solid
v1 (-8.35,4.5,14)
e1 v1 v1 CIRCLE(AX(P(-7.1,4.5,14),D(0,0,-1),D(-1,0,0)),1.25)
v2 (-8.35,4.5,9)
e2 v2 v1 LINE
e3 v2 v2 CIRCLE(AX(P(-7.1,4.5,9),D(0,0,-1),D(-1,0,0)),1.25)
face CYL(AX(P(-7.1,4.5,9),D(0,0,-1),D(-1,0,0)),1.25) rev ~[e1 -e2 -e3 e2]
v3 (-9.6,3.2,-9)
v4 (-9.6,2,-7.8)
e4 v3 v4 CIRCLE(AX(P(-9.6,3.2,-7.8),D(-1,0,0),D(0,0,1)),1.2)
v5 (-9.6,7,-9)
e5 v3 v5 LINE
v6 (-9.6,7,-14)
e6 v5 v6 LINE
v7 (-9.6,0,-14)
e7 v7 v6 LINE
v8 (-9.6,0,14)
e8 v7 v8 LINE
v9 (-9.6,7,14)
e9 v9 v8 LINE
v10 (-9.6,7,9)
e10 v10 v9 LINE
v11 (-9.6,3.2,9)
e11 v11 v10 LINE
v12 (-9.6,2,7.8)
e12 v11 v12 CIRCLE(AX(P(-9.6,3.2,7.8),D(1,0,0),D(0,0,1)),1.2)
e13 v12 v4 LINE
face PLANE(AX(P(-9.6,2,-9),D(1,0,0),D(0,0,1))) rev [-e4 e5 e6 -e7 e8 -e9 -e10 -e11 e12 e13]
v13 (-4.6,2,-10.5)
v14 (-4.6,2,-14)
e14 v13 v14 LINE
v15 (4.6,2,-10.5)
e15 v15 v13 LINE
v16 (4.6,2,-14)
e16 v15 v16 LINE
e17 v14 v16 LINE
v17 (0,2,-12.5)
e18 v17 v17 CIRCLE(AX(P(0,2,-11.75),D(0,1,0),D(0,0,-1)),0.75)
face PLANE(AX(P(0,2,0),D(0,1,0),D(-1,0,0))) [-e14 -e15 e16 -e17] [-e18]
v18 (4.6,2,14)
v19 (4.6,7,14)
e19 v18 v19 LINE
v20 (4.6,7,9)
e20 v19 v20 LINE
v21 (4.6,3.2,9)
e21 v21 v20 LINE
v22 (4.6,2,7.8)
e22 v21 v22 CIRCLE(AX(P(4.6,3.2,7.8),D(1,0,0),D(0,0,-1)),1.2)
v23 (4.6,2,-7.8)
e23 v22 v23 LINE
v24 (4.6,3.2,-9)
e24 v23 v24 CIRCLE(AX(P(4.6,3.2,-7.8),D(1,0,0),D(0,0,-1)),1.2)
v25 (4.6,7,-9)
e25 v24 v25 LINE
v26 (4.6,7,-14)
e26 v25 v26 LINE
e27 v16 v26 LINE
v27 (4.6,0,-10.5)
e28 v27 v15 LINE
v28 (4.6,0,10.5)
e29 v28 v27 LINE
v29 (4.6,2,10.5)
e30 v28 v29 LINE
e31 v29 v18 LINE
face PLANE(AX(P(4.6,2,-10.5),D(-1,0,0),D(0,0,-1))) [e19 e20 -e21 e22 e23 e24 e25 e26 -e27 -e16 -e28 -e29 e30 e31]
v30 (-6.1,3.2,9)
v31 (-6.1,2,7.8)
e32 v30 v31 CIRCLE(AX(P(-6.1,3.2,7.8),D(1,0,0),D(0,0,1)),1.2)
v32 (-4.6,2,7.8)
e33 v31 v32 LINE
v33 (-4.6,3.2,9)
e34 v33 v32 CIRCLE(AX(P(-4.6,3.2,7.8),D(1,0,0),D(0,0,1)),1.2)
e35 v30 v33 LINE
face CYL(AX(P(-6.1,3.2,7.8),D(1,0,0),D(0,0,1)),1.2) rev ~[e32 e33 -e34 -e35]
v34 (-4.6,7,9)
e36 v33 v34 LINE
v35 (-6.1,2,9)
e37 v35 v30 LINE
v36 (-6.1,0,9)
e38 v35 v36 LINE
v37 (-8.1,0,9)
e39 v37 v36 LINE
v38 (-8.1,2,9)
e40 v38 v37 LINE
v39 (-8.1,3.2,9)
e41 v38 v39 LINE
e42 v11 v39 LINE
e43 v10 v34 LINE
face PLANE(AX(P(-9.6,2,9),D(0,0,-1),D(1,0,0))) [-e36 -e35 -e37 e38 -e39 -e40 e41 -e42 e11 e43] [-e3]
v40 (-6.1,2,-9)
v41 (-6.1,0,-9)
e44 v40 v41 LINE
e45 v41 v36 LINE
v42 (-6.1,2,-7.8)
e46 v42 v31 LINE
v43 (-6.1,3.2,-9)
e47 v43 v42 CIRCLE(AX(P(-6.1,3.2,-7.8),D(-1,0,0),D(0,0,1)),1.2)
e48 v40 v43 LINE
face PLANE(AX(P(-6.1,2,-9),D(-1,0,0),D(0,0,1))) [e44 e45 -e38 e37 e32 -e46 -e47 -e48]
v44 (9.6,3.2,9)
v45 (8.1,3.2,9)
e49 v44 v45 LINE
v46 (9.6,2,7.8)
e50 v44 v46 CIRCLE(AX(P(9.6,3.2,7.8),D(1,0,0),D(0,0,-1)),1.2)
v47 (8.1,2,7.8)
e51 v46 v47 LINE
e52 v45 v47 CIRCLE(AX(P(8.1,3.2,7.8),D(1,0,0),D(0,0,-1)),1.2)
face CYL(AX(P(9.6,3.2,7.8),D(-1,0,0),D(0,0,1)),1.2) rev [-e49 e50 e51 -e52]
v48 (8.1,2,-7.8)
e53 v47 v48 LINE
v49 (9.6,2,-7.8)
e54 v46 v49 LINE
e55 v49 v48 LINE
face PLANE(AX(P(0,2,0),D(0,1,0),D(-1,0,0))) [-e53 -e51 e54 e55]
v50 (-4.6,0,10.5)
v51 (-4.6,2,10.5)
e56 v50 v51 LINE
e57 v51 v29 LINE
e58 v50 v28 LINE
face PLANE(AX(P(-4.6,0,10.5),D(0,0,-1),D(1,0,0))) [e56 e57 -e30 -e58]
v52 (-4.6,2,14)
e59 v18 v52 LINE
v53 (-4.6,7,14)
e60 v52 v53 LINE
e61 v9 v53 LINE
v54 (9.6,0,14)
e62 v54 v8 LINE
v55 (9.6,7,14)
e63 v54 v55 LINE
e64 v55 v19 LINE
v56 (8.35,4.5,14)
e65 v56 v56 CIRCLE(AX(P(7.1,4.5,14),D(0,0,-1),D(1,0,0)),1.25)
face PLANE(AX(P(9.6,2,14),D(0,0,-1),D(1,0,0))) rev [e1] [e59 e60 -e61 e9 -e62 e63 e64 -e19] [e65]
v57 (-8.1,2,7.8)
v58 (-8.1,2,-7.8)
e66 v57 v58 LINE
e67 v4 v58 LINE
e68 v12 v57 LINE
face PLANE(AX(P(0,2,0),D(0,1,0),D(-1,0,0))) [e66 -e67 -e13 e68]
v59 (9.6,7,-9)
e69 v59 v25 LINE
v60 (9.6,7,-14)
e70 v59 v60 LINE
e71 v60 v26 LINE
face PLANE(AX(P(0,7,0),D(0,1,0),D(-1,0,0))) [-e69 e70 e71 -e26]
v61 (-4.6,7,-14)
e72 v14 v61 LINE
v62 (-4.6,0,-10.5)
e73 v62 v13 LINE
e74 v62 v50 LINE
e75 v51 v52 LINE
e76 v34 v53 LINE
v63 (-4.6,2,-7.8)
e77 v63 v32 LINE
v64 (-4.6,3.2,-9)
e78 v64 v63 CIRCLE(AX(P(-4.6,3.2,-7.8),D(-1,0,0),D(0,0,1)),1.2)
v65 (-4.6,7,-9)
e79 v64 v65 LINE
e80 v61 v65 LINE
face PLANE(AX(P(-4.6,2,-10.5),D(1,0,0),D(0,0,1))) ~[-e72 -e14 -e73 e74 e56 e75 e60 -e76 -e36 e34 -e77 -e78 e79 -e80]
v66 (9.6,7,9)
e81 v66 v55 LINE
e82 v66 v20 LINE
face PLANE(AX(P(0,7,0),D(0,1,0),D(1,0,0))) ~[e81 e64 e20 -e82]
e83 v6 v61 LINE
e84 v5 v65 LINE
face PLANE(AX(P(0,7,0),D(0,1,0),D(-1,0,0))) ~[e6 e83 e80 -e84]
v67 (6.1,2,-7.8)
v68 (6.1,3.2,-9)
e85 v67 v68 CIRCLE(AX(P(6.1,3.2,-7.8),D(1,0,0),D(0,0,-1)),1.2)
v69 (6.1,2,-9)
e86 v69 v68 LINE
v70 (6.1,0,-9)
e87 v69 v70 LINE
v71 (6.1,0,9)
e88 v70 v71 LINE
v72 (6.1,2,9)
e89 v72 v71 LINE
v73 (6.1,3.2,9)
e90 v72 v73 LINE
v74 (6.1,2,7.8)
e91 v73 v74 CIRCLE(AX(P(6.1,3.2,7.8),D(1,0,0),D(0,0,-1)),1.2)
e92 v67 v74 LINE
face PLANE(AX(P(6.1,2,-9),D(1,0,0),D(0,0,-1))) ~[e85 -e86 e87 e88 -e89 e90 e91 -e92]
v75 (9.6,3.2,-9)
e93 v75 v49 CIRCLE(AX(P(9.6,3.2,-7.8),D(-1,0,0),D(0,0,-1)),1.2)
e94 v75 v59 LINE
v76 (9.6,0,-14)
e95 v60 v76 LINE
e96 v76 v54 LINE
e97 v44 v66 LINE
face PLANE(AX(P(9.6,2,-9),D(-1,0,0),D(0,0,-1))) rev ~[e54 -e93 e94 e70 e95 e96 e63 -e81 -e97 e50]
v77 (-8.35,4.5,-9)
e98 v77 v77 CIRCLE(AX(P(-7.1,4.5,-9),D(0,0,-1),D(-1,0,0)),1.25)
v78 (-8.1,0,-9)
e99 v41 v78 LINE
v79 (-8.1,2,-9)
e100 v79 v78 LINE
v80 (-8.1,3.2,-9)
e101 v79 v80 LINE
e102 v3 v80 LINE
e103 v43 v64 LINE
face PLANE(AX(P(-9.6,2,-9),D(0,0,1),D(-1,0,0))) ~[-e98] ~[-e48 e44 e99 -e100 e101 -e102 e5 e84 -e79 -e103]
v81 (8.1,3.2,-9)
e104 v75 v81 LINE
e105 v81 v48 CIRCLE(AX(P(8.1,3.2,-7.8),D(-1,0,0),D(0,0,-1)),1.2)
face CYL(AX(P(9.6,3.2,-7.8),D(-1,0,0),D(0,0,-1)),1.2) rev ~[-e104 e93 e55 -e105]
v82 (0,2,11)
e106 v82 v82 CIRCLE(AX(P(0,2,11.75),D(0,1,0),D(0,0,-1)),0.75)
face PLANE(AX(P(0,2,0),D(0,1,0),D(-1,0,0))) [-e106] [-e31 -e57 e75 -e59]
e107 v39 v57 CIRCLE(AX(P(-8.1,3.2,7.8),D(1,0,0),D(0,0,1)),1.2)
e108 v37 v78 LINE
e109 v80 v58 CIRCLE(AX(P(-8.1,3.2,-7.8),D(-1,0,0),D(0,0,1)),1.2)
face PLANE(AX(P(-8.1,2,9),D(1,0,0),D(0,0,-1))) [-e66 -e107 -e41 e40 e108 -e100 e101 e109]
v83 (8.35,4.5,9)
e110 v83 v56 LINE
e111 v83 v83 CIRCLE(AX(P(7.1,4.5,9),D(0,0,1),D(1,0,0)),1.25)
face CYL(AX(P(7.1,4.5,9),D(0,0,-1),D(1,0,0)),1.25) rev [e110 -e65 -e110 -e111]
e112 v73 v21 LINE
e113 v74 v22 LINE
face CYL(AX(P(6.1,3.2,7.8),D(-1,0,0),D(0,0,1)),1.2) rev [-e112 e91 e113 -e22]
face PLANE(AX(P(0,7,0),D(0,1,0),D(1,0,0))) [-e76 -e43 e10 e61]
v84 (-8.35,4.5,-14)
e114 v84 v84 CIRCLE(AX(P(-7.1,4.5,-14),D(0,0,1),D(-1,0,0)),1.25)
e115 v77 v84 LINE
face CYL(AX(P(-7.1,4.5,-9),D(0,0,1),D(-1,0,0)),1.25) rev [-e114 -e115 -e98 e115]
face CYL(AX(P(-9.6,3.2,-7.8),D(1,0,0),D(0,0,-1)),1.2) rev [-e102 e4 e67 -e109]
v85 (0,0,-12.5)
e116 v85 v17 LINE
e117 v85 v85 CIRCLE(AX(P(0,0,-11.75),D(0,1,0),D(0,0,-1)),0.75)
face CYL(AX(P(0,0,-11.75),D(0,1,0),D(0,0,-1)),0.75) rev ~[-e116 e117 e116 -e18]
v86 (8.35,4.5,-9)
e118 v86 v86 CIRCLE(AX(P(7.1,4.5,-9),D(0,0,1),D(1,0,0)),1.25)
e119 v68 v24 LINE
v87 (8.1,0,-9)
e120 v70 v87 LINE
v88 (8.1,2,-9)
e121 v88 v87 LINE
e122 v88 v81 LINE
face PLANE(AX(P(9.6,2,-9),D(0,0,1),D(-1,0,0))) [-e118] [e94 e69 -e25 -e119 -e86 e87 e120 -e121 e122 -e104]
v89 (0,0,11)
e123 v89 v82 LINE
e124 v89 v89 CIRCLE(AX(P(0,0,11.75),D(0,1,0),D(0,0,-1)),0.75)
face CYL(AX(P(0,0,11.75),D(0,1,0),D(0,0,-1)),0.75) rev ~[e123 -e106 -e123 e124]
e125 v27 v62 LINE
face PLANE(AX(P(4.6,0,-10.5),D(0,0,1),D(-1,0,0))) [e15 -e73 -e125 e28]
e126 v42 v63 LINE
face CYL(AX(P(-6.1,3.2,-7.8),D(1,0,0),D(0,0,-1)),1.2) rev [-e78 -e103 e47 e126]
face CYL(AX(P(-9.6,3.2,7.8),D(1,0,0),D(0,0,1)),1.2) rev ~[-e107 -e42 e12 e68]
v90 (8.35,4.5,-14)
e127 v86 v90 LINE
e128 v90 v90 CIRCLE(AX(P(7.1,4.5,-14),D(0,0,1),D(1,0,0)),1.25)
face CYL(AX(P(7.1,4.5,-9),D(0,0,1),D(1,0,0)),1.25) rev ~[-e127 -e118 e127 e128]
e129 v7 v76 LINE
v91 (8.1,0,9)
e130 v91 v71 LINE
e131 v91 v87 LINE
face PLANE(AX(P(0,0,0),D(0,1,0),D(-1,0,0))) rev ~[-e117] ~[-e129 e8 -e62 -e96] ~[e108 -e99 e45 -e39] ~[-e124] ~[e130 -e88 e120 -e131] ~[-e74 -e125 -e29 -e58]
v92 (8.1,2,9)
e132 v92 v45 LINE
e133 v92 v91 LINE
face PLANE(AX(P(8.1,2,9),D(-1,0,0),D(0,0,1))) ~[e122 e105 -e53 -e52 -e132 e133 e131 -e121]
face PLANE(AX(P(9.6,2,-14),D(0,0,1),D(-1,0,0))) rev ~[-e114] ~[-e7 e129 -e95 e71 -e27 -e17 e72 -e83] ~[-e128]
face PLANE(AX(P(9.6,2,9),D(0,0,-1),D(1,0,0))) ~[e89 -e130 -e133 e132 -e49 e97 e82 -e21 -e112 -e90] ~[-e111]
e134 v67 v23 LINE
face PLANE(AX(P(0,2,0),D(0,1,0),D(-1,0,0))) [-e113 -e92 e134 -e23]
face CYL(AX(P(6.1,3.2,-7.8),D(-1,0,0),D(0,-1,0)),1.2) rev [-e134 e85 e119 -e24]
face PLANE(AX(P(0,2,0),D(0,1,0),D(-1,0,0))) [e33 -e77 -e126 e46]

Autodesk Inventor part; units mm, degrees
ref_plane "YZ Plane" through (0, 0, 0) normal (1, 0, 0) x (0, 1, 0)
sketch "スケッチ1" plane through (0, 0, 0) normal (0, 1, 0) x (-1, 0, 0)
  line L0 (4.6, 10.5) -> (-4.6, 10.5)
  line L1 (-4.6, 10.5) -> (-4.6, -10.5)
  line L2 (-4.6, -10.5) -> (4.6, -10.5)
  line L3 (4.6, -10.5) -> (4.6, 10.5)
  line L4 (4.6, -10.5) -> (-4.6, 10.5) construction
  line L5 (4.6, 10.5) -> (-4.6, -10.5) construction
  line L6 (9.6, 10.5) -> (9.6, -10.5)
  line L7 (-9.6, 10.5) -> (-9.6, -10.5)
  line L8 (0, 4) -> (0, -4) construction
  line L9 (0, 11.75) -> (0, -11.75) construction
  line L10 (9.6, -10.5) -> (9.6, -14)
  line L11 (9.6, -14) -> (-9.6, -14)
  line L12 (-9.6, -14) -> (-9.6, -10.5)
  line L13 (-9.6, 10.5) -> (-9.6, 14)
  line L14 (-9.6, 14) -> (9.6, 14)
  line L15 (9.6, 14) -> (9.6, 10.5)
  point P0 (0, 0)
  point P1 (0, 0)
  point P2 (0, 0)
  dimension "d0" = 21
  dimension "d1" = 9.2
  dimension "d2" = 5
  dimension "d3" = 23.5
  dimension "d4" = 8
  dimension "d21" = 3.5
  dimension "d26" = 5
  dimension "d27" = 3.5
extrude "押し出し1" add sketch "スケッチ1" along normal blind 2
hole "穴1" at (0, 0, 4) at (0, 0, -4) at (0, 0, 11.75) at (0, 0, -11.75) direction (0, 1, 0) diameter 1.5 end through all
sketch "スケッチ2" plane through (0, 2, 0) normal (0, 1, 0) x (1, 0, 0)
  line L0 (-4.6, -10.5) -> (-4.6, 10.5) projected
  circle A0 centre (0, -11.75) radius 0.75 projected
  circle A1 centre (0, 11.75) radius 0.75 projected
  line L1 (-9.6, 14) -> (-9.6, -14) projected
  line L2 (9.6, -14) -> (9.6, 14) projected
  line L3 (9.6, 14) -> (-9.6, 14) projected
  line L4 (-9.6, -14) -> (9.6, -14) projected
  line L5 (-9.6, 14) -> (-9.6, -14) projected
  line L6 (-9.6, -14) -> (9.6, -14) projected
  line L7 (-4.6, -14) -> (-9.6, -14)
  line L8 (-9.6, -14) -> (-9.6, -9)
  line L9 (-9.6, -9) -> (-4.6, -9)
  line L10 (-4.6, -9) -> (-4.6, -14)
  point P0 (0, 0)
  dimension "d28" = 5
extrude "押し出し2" add sketch "スケッチ2" along normal blind 5 contours L10 L4 L1 L9 L0
sketch "スケッチ6" plane through (-4.6, 2, 9) normal (0, 0, -1) x (-1, 0, 0)
  line L0 (5, 0) -> (0, 5) construction
  line L1 (5, 5) -> (0, 0) construction
  circle A0 centre (2.5, 2.5) radius 1.25
  point P0 (-4.6, -2)
  dimension "d29" = 2.5
extrude "押し出し5" cut sketch "スケッチ6" along normal through all both and the other way through all
mirror "ミラー4" about plane through (0, 0, 0) normal (0, 0, 1) of "押し出し2", "押し出し5"
sketch "スケッチ7" plane through (0, 2, 0) normal (0, 1, 0) x (1, 0, 0)
  line L0 (-4.6, 9) -> (-9.6, 9) projected
  line L1 (-9.6, -9) -> (-4.6, -9) projected
  line L2 (-4.6, -9) -> (-9.6, 9) construction
  line L3 (-4.6, 9) -> (-9.6, -9) construction
  line L4 (-6.1, -9) -> (-8.1, -9)
  line L5 (-8.1, -9) -> (-8.1, 9)
  line L6 (-8.1, 9) -> (-6.1, 9)
  line L7 (-6.1, 9) -> (-6.1, -9)
  line L8 (-6.1, -9) -> (-8.1, 9) construction
  point P0 (0, 0)
  point P1 (-7.1, 0)
  point P2 (-8.1, -9)
  dimension "d32" = 2
extrude "押し出し6" cut sketch "スケッチ7" against normal through all
mirror "ミラー5" about plane through (0, 0, 0) normal (1, 0, 0) of "押し出し2", "押し出し5", "ミラー4", "押し出し6"
fillet "フィレット1" radius 1.2 8 edges at (-8.85, 2, -9) (-5.35, 2, -9) (5.35, 2, -9) (8.85, 2, -9) (-8.85, 2, 9) (-5.35, 2, 9) (5.35, 2, 9) (8.85, 2, 9)
ref_plane "作業平面1" through (7.1, 0, 14) normal (1, 0, 0) x (0, 0, -1)
ref_plane "作業平面2" through (-7.1, 0, 10.5) normal (1, 0, 0) x (0, 0, -1)
equation "\"d26\" = d2"
equation "\"d27\" = d21"
properties part number "om_DropBase" material "ABS プラスチック"
